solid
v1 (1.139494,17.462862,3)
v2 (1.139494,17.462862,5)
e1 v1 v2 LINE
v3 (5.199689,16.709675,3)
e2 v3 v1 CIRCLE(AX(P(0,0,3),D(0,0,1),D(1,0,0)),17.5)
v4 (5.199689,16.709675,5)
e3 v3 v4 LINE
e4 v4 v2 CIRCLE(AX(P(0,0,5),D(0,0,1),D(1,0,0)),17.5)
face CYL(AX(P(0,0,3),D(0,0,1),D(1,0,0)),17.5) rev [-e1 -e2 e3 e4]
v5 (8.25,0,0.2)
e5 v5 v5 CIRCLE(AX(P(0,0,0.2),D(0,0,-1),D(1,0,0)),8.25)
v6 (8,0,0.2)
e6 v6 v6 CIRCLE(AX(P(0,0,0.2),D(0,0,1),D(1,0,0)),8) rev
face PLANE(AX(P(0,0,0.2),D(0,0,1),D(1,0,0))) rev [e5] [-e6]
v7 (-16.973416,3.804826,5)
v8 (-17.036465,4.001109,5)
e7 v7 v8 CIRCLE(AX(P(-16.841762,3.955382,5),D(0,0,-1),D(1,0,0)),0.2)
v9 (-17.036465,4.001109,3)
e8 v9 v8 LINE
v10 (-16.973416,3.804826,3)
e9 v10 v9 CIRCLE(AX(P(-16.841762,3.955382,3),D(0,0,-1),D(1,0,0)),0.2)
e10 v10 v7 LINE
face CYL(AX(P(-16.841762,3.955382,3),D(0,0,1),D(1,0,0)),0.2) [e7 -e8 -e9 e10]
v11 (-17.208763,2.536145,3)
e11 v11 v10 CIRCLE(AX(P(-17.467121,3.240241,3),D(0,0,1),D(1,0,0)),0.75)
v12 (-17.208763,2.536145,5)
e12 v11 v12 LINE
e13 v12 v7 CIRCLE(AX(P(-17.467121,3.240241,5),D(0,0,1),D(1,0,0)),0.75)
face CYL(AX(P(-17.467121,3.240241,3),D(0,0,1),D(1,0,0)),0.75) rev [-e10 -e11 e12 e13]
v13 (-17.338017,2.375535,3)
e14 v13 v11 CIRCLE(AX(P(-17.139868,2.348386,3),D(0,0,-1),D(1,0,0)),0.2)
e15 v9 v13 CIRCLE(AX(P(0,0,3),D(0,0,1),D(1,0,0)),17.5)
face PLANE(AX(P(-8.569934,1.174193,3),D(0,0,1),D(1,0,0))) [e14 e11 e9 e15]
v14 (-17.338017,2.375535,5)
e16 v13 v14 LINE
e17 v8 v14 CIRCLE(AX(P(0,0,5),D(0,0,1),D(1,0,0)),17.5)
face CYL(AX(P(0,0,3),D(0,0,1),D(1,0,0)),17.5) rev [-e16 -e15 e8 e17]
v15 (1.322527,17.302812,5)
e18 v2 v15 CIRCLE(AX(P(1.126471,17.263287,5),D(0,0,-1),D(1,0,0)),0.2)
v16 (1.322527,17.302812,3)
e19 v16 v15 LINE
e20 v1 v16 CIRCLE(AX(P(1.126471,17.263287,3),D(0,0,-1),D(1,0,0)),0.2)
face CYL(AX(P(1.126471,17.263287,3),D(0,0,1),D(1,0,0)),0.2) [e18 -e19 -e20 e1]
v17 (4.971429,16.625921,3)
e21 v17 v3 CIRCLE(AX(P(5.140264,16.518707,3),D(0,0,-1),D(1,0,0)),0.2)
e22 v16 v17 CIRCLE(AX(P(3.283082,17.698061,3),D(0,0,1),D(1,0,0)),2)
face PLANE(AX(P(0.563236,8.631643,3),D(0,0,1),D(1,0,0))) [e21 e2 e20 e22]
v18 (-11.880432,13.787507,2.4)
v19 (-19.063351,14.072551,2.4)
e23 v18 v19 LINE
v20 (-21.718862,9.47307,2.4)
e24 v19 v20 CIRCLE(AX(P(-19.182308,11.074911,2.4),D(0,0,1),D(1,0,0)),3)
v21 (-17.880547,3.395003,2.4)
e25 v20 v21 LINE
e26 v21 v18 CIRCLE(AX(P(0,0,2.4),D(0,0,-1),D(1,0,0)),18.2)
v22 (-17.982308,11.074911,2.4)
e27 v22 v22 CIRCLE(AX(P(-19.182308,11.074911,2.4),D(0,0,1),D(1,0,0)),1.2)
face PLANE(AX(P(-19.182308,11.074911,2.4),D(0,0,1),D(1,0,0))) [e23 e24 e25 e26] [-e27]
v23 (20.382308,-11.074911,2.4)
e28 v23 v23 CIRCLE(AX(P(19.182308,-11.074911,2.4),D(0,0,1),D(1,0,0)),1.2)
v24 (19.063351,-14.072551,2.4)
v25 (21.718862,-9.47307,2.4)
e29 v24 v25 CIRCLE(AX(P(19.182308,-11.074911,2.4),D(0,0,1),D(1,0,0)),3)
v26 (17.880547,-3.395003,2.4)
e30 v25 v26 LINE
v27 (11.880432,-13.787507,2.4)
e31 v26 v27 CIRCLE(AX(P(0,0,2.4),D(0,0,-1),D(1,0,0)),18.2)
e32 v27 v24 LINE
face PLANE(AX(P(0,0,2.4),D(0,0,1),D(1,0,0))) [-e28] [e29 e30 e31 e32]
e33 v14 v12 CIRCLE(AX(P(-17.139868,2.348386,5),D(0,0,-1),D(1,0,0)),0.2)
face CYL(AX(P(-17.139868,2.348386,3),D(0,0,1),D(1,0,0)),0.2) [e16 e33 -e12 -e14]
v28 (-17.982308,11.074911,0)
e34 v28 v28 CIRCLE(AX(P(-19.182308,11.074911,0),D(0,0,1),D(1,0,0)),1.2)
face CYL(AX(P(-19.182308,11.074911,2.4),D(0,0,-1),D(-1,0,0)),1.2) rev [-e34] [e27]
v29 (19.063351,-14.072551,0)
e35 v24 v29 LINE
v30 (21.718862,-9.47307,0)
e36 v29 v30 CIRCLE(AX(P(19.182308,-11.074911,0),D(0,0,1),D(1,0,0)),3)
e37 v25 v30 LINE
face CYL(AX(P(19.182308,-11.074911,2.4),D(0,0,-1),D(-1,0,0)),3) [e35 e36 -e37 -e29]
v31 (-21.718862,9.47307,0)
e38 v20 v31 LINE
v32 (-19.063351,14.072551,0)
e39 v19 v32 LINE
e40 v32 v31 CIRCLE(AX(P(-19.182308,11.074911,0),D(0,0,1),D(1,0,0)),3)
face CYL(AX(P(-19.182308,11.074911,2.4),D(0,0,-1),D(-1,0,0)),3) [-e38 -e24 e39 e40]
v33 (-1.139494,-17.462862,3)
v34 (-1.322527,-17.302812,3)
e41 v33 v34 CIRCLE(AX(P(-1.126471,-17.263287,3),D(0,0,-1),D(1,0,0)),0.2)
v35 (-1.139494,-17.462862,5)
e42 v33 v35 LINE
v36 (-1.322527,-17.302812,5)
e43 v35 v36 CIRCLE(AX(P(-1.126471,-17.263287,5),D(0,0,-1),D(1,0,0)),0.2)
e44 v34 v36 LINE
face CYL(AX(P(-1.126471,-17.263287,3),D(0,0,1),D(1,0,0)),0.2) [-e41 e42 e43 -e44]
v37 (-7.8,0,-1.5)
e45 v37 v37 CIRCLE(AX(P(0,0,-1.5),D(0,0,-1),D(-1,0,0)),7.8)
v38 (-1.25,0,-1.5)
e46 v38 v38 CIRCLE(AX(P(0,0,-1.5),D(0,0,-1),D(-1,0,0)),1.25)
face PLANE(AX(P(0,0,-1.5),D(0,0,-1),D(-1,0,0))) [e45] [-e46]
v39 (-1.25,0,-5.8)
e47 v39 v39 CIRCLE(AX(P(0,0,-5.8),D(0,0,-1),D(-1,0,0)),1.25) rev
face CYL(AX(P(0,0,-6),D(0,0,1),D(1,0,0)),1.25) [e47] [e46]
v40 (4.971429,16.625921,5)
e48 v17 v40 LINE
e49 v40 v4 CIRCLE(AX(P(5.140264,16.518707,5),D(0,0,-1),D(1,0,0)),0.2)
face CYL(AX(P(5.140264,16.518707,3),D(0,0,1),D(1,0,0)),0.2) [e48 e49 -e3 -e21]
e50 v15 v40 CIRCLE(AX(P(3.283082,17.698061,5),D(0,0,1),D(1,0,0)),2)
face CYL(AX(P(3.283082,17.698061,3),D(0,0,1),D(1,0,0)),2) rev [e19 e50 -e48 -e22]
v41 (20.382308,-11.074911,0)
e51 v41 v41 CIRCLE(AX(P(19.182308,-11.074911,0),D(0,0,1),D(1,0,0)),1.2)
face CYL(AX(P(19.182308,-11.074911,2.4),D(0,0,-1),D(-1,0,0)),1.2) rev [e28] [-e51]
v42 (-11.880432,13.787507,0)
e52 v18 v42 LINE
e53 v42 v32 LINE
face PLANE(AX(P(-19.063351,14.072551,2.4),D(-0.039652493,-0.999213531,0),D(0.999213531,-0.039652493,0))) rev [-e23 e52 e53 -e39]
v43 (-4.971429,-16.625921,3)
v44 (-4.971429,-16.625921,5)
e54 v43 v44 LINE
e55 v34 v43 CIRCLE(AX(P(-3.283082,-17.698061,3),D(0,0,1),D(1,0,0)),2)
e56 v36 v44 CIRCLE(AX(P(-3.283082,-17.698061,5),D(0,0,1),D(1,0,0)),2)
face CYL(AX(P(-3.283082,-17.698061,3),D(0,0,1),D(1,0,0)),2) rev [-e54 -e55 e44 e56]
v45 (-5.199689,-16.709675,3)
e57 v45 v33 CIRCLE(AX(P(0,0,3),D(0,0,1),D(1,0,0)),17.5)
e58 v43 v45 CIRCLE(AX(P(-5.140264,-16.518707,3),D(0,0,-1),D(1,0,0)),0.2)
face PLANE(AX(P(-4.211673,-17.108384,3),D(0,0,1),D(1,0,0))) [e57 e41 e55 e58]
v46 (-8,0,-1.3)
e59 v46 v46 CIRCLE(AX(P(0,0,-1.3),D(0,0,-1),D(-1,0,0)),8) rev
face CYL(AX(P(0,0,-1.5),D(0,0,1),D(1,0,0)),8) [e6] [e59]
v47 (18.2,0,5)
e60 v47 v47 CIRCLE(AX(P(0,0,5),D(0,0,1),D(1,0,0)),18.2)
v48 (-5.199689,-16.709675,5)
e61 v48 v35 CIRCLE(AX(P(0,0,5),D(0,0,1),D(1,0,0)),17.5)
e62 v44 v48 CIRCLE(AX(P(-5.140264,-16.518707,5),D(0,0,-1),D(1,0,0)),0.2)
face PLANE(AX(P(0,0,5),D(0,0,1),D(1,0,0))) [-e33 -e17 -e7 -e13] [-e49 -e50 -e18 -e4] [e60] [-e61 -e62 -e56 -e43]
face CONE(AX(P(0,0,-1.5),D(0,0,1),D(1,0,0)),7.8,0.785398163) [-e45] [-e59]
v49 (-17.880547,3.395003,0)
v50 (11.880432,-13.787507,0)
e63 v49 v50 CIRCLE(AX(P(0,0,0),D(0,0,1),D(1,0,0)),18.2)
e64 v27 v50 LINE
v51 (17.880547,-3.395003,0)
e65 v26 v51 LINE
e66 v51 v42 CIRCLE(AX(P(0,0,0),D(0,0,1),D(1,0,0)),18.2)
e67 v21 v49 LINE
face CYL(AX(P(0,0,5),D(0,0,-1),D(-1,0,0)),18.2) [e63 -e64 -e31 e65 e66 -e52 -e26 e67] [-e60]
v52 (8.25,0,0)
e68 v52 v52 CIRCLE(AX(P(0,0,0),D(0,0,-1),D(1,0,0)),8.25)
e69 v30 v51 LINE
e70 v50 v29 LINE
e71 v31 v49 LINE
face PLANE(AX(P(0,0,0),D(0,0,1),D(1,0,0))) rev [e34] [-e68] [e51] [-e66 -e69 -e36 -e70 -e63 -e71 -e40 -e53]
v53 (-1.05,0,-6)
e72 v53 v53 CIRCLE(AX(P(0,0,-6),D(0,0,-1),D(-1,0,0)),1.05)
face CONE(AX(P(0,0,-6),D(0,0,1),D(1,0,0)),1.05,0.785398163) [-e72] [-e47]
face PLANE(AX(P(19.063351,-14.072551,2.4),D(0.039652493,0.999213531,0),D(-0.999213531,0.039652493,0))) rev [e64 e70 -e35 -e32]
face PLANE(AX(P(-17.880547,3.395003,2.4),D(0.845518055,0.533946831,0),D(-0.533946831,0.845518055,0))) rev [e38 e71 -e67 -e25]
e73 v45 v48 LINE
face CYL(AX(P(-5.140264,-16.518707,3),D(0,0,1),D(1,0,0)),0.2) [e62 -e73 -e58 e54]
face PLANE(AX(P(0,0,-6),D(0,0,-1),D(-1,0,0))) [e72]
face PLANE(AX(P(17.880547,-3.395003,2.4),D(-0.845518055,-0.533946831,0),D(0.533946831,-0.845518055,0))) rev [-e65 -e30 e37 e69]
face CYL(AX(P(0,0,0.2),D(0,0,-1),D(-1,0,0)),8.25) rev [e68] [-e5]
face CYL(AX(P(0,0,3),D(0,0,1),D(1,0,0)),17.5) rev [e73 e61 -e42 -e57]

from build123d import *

# Parameters (mm, degrees)
SKETCH4_R           = 18.2
BOSS_EXTRUDE3_DEPTH = 5
CUT_EXTRUDE2_DEPTH  = 2
SKETCH6_R           = 1.2
BOSS_EXTRUDE4_DEPTH = 2.4
SKETCH1_R           = 8.25
CUT_EXTRUDE1_DEPTH  = 0.2
SKETCH2_R           = 8
BOSS_EXTRUDE1_DEPTH = 1.7
SKETCH3_R           = 1.25
BOSS_EXTRUDE2_DEPTH = 4.5
CHAMFER1_SIZE       = 0.2
CHAMFER2_SIZE       = 0.2


with BuildPart() as part:
    # Sketch4 → Boss-Extrude3 (new body)
    with BuildSketch(Plane.XY):
        Circle(SKETCH4_R)
    extrude(amount=BOSS_EXTRUDE3_DEPTH)

    # Sketch5 → Cut-Extrude2 (cut)
    with BuildSketch(Plane.XY.offset(5)):
        with BuildLine():
            ThreePointArc((1.322526628, 17.302811533), (2.918295178, 15.731610002), (4.971429117, 16.625921213))
            ThreePointArc((4.971429117, 16.625921213), (5.071370491, 16.706466919), (5.199688837, 16.709674922))
            ThreePointArc((5.199688837, 16.709674922), (3.191885351, 17.20644844), (1.139493871, 17.462862128))
            ThreePointArc((1.139493871, 17.462862128), (1.258123981, 17.413843908), (1.322526628, 17.302811533))
        make_face()
        with BuildLine():
            ThreePointArc((-17.208763457, 2.536145077), (-16.729701345, 3.103446294), (-16.97341649, 3.804826439))
            ThreePointArc((-16.97341649, 3.804826439), (-17.032179911, 3.894218363), (-17.036464522, 4.001109419))
            ThreePointArc((-17.036464522, 4.001109419), (-17.20644844, 3.191885351), (-17.338016995, 2.375535034))
            ThreePointArc((-17.338016995, 2.375535034), (-17.295679076, 2.473777369), (-17.208763457, 2.536145077))
        make_face()
        with BuildLine():
            ThreePointArc((-5.199688837, -16.709674922), (-3.191885351, -17.20644844), (-1.139493871, -17.462862128))
            ThreePointArc((-1.139493871, -17.462862128), (-1.258123981, -17.413843908), (-1.322526628, -17.302811533))
            ThreePointArc((-1.322526628, -17.302811533), (-2.918295178, -15.731610002), (-4.971429117, -16.625921213))
            ThreePointArc((-4.971429117, -16.625921213), (-5.071370491, -16.706466919), (-5.199688837, -16.709674922))
        make_face()
    extrude(amount=-CUT_EXTRUDE2_DEPTH, mode=Mode.SUBTRACT)

    # Sketch6 → Boss-Extrude4 (add)
    # profile 1 of 2: a face of its own
    with BuildSketch(Plane.XY):
        with BuildLine():
            Line((-19.06335062, 14.072551336), (-11.880431968, 13.787506527))
            ThreePointArc((-11.880431968, 13.787506527), (-15.761662349, 9.1), (-17.880546892, 3.395002629))
            Line((-17.880546892, 3.395002629), (-21.718862263, 9.47307025))
            ThreePointArc((-21.718862263, 9.47307025), (-21.78038431, 12.574910744), (-19.06335062, 14.072551336))
        make_face()
        with Locations((-19.182308099, 11.074910744)):
            Circle(SKETCH6_R, mode=Mode.SUBTRACT)
    # profile 2 of 2: a face of its own
    with BuildSketch(Plane.XY):
        with BuildLine():
            Line((17.880546892, -3.395002629), (21.718862263, -9.47307025))
            ThreePointArc((21.718862263, -9.47307025), (21.78038431, -12.574910744), (19.06335062, -14.072551336))
            Line((19.06335062, -14.072551336), (11.880431968, -13.787506527))
            ThreePointArc((11.880431968, -13.787506527), (15.761662349, -9.1), (17.880546892, -3.395002629))
        make_face()
        with Locations((19.182308099, -11.074910744)):
            Circle(SKETCH6_R, mode=Mode.SUBTRACT)
    extrude(amount=BOSS_EXTRUDE4_DEPTH)

    # Sketch1 → Cut-Extrude1 (cut)
    with BuildSketch(Plane(origin=(0, 0, 0), x_dir=(-1, 0, 0), z_dir=(0, 0, -1))):
        with Locations(Location((0, 0, 0), (0, 0, 180))):
            Circle(SKETCH1_R)
    extrude(amount=-CUT_EXTRUDE1_DEPTH, mode=Mode.SUBTRACT)

    # Sketch2 → Boss-Extrude1 (add)
    with BuildSketch(Plane(origin=(0, 0, 0.2), x_dir=(-1, 0, 0), z_dir=(0, 0, -1))):
        with Locations(Location((0, 0, 0), (0, 0, 180))):
            Circle(SKETCH2_R)
    extrude(amount=BOSS_EXTRUDE1_DEPTH)

    # Sketch3 → Boss-Extrude2 (add)
    with BuildSketch(Plane(origin=(0, 0, -1.5), x_dir=(-1, 0, 0), z_dir=(0, 0, -1))):
        Circle(SKETCH3_R)
    extrude(amount=BOSS_EXTRUDE2_DEPTH)

    # Chamfer1
    chamfer1_edges = [part.edges().sort_by_distance(p)[0] for p in [
        (1.25, 0, -6),
    ]]
    chamfer(chamfer1_edges, length=CHAMFER1_SIZE)

    # Chamfer2
    chamfer2_edges = [part.edges().sort_by_distance(p)[0] for p in [
        (-8, 0, -1.5),
    ]]
    chamfer(chamfer2_edges, length=CHAMFER2_SIZE)


solid = part.part
